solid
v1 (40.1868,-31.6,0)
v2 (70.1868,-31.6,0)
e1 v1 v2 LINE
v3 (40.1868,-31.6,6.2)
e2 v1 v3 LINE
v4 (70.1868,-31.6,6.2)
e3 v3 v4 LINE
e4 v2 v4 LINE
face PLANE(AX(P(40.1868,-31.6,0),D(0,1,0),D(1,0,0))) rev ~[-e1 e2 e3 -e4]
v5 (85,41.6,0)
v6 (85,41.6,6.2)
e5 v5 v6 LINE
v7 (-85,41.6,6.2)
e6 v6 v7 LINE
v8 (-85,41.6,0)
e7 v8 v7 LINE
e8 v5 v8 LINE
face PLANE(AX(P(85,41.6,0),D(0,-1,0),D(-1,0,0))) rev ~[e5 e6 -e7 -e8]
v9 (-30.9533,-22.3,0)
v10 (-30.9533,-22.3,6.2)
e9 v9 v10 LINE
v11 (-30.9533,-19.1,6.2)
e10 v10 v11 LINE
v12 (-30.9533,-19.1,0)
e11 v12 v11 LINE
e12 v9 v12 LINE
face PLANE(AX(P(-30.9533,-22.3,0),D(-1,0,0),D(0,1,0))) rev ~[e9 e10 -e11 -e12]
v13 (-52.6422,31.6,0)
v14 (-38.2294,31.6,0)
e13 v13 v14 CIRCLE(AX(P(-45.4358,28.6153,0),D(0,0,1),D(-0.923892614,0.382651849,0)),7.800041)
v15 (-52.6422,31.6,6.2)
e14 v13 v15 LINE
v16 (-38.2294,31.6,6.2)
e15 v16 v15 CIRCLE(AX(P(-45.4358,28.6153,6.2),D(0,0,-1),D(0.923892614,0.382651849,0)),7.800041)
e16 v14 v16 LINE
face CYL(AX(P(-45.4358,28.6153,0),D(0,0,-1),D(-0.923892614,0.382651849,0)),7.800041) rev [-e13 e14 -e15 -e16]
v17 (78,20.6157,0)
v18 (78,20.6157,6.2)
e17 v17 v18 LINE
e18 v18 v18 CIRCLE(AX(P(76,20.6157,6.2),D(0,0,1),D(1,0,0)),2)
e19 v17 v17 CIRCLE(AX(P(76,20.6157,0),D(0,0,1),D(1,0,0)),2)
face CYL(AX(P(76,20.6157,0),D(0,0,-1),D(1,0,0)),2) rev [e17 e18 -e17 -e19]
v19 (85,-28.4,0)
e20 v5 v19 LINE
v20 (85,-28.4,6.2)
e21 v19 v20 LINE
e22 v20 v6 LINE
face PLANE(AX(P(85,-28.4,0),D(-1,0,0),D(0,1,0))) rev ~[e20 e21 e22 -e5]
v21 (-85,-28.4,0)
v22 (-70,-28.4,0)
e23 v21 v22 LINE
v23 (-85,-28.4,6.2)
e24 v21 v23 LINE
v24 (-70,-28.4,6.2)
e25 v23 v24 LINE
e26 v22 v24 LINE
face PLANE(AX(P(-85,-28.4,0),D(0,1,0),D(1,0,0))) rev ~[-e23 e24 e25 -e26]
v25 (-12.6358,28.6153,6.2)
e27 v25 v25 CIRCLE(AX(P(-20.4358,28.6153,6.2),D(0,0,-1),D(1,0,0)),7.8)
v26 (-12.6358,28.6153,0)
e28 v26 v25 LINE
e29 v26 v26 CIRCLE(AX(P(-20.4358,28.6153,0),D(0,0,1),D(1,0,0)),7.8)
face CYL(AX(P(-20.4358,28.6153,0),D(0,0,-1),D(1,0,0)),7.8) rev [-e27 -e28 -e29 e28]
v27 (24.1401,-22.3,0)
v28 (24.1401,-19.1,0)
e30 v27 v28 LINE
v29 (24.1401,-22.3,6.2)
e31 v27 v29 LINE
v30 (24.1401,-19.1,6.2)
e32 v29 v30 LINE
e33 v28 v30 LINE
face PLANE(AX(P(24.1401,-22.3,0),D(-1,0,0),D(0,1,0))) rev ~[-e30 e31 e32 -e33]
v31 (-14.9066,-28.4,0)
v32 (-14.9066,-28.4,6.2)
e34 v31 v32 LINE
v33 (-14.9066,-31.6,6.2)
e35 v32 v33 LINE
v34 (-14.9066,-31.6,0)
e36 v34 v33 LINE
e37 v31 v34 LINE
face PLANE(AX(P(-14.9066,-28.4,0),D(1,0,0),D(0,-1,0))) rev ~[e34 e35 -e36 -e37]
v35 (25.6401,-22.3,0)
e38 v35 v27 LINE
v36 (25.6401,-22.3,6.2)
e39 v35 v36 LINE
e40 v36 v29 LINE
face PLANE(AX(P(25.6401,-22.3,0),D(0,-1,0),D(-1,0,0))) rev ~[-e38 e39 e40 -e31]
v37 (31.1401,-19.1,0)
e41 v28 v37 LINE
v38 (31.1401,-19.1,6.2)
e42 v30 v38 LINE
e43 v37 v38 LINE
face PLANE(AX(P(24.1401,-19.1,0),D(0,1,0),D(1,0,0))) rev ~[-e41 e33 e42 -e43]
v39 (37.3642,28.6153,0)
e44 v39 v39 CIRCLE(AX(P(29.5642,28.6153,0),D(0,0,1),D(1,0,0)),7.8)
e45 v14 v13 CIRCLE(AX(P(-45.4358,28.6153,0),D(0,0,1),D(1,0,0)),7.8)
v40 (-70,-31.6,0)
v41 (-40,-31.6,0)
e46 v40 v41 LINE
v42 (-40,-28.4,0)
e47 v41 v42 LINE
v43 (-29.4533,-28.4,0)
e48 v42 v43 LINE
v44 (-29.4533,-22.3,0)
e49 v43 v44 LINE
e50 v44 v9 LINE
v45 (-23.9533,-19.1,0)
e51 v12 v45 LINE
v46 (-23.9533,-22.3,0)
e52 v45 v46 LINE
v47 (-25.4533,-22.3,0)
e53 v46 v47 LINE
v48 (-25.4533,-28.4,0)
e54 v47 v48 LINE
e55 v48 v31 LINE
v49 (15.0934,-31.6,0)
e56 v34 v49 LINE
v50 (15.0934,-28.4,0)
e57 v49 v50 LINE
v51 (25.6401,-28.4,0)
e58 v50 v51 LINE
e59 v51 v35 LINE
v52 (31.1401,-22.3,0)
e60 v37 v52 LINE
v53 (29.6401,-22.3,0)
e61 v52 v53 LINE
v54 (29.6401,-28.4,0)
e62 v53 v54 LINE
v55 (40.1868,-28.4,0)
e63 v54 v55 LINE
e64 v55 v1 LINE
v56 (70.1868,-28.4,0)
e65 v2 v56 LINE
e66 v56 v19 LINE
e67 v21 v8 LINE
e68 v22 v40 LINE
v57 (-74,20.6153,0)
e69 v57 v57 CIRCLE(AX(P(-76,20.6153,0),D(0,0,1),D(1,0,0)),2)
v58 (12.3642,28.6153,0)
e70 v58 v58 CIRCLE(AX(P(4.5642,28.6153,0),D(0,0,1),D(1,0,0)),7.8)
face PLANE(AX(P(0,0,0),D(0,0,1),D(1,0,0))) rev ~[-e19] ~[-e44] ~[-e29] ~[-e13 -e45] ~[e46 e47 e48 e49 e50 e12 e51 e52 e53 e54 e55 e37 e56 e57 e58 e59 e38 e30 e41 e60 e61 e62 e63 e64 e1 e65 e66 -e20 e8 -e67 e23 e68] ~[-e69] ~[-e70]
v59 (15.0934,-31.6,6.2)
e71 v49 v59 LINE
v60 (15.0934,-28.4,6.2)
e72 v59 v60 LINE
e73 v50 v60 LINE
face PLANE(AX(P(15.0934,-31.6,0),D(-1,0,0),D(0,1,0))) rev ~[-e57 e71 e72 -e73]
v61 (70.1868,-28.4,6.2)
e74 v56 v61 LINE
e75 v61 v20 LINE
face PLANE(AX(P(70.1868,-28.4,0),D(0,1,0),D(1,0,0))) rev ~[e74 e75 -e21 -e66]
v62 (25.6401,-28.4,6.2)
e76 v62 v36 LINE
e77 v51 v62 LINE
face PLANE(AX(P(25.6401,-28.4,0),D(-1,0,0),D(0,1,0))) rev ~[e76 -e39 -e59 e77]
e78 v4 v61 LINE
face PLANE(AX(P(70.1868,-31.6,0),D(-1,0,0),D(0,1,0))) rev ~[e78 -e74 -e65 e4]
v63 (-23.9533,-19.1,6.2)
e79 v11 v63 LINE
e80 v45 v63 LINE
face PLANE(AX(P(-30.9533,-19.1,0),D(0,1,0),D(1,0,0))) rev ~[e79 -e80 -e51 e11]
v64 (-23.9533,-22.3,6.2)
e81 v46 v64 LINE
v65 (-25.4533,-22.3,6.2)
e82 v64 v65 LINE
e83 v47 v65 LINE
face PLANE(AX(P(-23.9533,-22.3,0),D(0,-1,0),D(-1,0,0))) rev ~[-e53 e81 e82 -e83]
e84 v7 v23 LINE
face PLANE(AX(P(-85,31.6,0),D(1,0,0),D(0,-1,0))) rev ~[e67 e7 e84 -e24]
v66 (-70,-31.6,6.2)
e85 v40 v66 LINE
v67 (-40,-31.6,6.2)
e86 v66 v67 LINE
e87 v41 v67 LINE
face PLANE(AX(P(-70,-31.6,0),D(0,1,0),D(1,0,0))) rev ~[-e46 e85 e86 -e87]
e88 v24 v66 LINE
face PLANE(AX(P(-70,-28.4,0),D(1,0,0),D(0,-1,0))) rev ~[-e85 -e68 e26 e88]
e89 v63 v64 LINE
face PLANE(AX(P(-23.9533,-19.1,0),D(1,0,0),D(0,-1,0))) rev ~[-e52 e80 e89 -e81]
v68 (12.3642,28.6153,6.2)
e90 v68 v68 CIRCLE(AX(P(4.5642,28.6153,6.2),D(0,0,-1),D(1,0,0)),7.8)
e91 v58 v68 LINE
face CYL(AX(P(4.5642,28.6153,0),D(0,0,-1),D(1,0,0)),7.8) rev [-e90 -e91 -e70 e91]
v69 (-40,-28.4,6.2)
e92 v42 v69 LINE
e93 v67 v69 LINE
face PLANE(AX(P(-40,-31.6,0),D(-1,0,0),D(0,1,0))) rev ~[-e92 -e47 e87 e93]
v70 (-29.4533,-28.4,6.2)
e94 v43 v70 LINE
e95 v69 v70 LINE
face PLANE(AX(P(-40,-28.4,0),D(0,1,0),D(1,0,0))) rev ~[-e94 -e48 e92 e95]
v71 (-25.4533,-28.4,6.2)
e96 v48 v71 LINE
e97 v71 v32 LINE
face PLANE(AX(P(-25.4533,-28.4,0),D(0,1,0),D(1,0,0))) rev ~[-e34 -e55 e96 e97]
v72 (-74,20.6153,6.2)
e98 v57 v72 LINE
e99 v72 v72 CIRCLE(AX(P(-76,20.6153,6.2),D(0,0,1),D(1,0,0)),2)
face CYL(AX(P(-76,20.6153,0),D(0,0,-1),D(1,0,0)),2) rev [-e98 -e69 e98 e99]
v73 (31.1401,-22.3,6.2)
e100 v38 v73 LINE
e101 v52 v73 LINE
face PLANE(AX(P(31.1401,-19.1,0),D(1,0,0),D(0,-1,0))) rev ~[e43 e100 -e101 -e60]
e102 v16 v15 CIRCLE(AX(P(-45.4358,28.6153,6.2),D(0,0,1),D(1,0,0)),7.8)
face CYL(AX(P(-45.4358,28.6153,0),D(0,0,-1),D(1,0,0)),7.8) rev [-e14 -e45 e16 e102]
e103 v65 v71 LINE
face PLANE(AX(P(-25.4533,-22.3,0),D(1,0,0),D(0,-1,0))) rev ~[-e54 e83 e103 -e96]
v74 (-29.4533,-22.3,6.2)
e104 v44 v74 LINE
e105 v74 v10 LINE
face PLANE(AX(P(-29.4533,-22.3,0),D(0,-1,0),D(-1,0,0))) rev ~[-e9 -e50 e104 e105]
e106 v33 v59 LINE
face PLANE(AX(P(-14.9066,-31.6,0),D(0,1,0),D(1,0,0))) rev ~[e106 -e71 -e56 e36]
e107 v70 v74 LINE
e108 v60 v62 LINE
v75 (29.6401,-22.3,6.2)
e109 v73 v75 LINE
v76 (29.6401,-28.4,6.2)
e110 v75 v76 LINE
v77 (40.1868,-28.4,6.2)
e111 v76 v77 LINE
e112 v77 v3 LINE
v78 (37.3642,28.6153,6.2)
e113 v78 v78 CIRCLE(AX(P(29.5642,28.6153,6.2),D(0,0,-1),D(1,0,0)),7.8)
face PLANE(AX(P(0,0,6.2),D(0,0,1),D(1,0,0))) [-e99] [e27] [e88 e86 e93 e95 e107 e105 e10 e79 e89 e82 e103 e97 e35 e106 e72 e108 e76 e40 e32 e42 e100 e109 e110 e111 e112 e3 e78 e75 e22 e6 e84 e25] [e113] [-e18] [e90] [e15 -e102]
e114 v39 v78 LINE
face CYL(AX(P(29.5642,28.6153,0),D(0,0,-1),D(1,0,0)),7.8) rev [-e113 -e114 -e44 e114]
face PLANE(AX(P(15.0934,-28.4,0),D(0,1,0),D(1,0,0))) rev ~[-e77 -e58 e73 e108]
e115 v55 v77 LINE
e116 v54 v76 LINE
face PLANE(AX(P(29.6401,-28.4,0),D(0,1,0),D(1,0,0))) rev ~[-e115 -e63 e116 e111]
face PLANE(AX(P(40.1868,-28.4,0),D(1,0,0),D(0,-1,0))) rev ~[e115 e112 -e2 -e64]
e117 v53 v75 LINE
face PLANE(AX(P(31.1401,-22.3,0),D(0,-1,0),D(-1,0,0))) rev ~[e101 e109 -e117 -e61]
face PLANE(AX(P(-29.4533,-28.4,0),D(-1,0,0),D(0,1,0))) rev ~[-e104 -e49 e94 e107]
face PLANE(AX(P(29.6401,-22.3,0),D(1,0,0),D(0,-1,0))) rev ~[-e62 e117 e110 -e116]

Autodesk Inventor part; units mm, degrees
ref_plane "YZ Plane" through (0, 0, 0) normal (1, 0, 0) x (0, 1, 0)
ref_plane "XZ Plane" through (0, 0, 0) normal (0, 1, 0) x (-1, 0, 0)
ref_plane "XY Plane" through (0, 0, 0) normal (0, 0, 1) x (1, 0, 0)
sketch "Sketch1" plane through (0, 0, 0) normal (0, 0, 1) x (1, 0, 0)
  circle A0 centre (-76, 20.6153) radius 2 projected
  circle A1 centre (76, 20.6157) radius 2 projected
  line L0 (25.6401, -28.4) -> (25.6401, -22.3) projected
  line L1 (25.6401, -22.3) -> (24.1401, -22.3) projected
  line L2 (24.1401, -22.3) -> (24.1401, -19.1) projected
  line L3 (24.1401, -19.1) -> (31.1401, -19.1) projected
  line L4 (31.1401, -19.1) -> (31.1401, -22.3) projected
  line L5 (31.1401, -22.3) -> (29.6401, -22.3) projected
  line L6 (29.6401, -22.3) -> (29.6401, -28.4) projected
  line L7 (29.6401, -28.4) -> (40.1868, -28.4) projected
  line L8 (40.1868, -28.4) -> (40.1868, -31.6) projected
  line L9 (40.1868, -31.6) -> (70.1868, -31.6) projected
  line L10 (70.1868, -31.6) -> (70.1868, -28.4) projected
  line L11 (70.1868, -28.4) -> (85, -28.4) projected
  line L12 (85, -28.4) -> (85, 31.6) projected
  line L13 (85, 31.6) -> (70.6157, 31.6) projected
  arc A2 (56.2026, 31.6) -> (70.6157, 31.6) centre (63.4091, 28.6157) ccw projected
  line L14 (56.2026, 31.6) -> (33.0157, 31.6) projected
  arc A3 (18.603, 31.6) -> (33.0157, 31.6) centre (25.8094, 28.6153) ccw projected
  line L15 (18.603, 31.6) -> (-2.4569, 31.6) projected
  arc A4 (-16.8696, 31.6) -> (-2.4569, 31.6) centre (-9.6632, 28.6153) ccw projected
  line L16 (-16.8696, 31.6) -> (-38.2294, 31.6) projected
  arc A5 (-52.6422, 31.6) -> (-38.2294, 31.6) centre (-45.4358, 28.6153) ccw projected
  line L17 (-52.6422, 31.6) -> (-85, 31.6) projected
  line L18 (-85, 31.6) -> (-85, -28.4) projected
  line L19 (-85, -28.4) -> (-70, -28.4) projected
  line L20 (-70, -28.4) -> (-70, -31.6) projected
  line L21 (-70, -31.6) -> (-40, -31.6) projected
  line L22 (-40, -31.6) -> (-40, -28.4) projected
  line L23 (-40, -28.4) -> (-29.4533, -28.4) projected
  line L24 (-29.4533, -28.4) -> (-29.4533, -22.3) projected
  line L25 (-29.4533, -22.3) -> (-30.9533, -22.3) projected
  line L26 (-30.9533, -22.3) -> (-30.9533, -19.1) projected
  line L27 (-30.9533, -19.1) -> (-23.9533, -19.1) projected
  line L28 (-23.9533, -19.1) -> (-23.9533, -22.3) projected
  line L29 (-23.9533, -22.3) -> (-25.4533, -22.3) projected
  line L30 (-25.4533, -22.3) -> (-25.4533, -28.4) projected
  line L31 (-25.4533, -28.4) -> (-14.9066, -28.4) projected
  line L32 (-14.9066, -28.4) -> (-14.9066, -31.6) projected
  line L33 (-14.9066, -31.6) -> (15.0934, -31.6) projected
  line L34 (15.0934, -31.6) -> (15.0934, -28.4) projected
  line L35 (15.0934, -28.4) -> (25.6401, -28.4) projected
  circle A6 centre (-45.4358, 28.6153) radius 7.8
  circle A7 centre (-20.4358, 28.6153) radius 7.8
  circle A8 centre (4.5642, 28.6153) radius 7.8
  circle A9 centre (29.5642, 28.6153) radius 7.8
  line L36 (85, -28.4) -> (85, 41.6)
  line L37 (85, 41.6) -> (-85, 41.6)
  line L38 (-85, 41.6) -> (-85, -28.4)
  line L39 (-85, -28.4) -> (-70, -28.4)
  line L40 (-70, -28.4) -> (-70, -31.6)
  line L41 (-70, -31.6) -> (-40, -31.6)
  line L42 (-40, -31.6) -> (-40, -28.4)
  line L43 (-40, -28.4) -> (-29.4533, -28.4)
  line L44 (-29.4533, -28.4) -> (-29.4533, -22.3)
  line L45 (-29.4533, -22.3) -> (-30.9533, -22.3)
  line L46 (-30.9533, -22.3) -> (-30.9533, -19.1)
  line L47 (-30.9533, -19.1) -> (-23.9533, -19.1)
  line L48 (-23.9533, -19.1) -> (-23.9533, -22.3)
  line L49 (-23.9533, -22.3) -> (-25.4533, -22.3)
  line L50 (-25.4533, -22.3) -> (-25.4533, -28.4)
  line L51 (-25.4533, -28.4) -> (-14.9066, -28.4)
  line L52 (-14.9066, -28.4) -> (-14.9066, -31.6)
  line L53 (-14.9066, -31.6) -> (15.0934, -31.6)
  line L54 (15.0934, -31.6) -> (15.0934, -28.4)
  line L55 (15.0934, -28.4) -> (25.6401, -28.4)
  line L56 (25.6401, -28.4) -> (25.6401, -22.3)
  line L57 (25.6401, -22.3) -> (24.1401, -22.3)
  line L58 (24.1401, -22.3) -> (24.1401, -19.1)
  line L59 (24.1401, -19.1) -> (31.1401, -19.1)
  line L60 (31.1401, -19.1) -> (31.1401, -22.3)
  line L61 (31.1401, -22.3) -> (29.6401, -22.3)
  line L62 (29.6401, -22.3) -> (29.6401, -28.4)
  line L63 (29.6401, -28.4) -> (40.1868, -28.4)
  line L64 (40.1868, -28.4) -> (40.1868, -31.6)
  line L65 (40.1868, -31.6) -> (70.1868, -31.6)
  line L66 (70.1868, -31.6) -> (70.1868, -28.4)
  line L67 (85, -28.4) -> (70.1868, -28.4)
  circle A10 centre (76, 20.6157) radius 2
  circle A11 centre (-76, 20.6153) radius 2
  point P0 (0, 0)
  dimension "d0" = 25
  dimension "d1" = 25
  dimension "d2" = 25
  dimension "d3" = 70
extrude "Extrusion1" add sketch "Sketch1" along normal blind 6.2 contours L35 L34 L33 L32 L31 L30 L29 L28 L27 L26 L25 L24 L23 L22 L21 L20 L19 L18 L17 A5 L16 A7 A4 A8 L15 A3 A9 L14 A2 L13 L12 L11 L10 L9 L8 L7 L6 L5 L4 L3 L2 L1 L0 | L13 A2 L14 A9 A3 L15 A8 A4 A7 L16 A6 L17 L38 L37 L36
properties part number "caja_2_Lateral"
